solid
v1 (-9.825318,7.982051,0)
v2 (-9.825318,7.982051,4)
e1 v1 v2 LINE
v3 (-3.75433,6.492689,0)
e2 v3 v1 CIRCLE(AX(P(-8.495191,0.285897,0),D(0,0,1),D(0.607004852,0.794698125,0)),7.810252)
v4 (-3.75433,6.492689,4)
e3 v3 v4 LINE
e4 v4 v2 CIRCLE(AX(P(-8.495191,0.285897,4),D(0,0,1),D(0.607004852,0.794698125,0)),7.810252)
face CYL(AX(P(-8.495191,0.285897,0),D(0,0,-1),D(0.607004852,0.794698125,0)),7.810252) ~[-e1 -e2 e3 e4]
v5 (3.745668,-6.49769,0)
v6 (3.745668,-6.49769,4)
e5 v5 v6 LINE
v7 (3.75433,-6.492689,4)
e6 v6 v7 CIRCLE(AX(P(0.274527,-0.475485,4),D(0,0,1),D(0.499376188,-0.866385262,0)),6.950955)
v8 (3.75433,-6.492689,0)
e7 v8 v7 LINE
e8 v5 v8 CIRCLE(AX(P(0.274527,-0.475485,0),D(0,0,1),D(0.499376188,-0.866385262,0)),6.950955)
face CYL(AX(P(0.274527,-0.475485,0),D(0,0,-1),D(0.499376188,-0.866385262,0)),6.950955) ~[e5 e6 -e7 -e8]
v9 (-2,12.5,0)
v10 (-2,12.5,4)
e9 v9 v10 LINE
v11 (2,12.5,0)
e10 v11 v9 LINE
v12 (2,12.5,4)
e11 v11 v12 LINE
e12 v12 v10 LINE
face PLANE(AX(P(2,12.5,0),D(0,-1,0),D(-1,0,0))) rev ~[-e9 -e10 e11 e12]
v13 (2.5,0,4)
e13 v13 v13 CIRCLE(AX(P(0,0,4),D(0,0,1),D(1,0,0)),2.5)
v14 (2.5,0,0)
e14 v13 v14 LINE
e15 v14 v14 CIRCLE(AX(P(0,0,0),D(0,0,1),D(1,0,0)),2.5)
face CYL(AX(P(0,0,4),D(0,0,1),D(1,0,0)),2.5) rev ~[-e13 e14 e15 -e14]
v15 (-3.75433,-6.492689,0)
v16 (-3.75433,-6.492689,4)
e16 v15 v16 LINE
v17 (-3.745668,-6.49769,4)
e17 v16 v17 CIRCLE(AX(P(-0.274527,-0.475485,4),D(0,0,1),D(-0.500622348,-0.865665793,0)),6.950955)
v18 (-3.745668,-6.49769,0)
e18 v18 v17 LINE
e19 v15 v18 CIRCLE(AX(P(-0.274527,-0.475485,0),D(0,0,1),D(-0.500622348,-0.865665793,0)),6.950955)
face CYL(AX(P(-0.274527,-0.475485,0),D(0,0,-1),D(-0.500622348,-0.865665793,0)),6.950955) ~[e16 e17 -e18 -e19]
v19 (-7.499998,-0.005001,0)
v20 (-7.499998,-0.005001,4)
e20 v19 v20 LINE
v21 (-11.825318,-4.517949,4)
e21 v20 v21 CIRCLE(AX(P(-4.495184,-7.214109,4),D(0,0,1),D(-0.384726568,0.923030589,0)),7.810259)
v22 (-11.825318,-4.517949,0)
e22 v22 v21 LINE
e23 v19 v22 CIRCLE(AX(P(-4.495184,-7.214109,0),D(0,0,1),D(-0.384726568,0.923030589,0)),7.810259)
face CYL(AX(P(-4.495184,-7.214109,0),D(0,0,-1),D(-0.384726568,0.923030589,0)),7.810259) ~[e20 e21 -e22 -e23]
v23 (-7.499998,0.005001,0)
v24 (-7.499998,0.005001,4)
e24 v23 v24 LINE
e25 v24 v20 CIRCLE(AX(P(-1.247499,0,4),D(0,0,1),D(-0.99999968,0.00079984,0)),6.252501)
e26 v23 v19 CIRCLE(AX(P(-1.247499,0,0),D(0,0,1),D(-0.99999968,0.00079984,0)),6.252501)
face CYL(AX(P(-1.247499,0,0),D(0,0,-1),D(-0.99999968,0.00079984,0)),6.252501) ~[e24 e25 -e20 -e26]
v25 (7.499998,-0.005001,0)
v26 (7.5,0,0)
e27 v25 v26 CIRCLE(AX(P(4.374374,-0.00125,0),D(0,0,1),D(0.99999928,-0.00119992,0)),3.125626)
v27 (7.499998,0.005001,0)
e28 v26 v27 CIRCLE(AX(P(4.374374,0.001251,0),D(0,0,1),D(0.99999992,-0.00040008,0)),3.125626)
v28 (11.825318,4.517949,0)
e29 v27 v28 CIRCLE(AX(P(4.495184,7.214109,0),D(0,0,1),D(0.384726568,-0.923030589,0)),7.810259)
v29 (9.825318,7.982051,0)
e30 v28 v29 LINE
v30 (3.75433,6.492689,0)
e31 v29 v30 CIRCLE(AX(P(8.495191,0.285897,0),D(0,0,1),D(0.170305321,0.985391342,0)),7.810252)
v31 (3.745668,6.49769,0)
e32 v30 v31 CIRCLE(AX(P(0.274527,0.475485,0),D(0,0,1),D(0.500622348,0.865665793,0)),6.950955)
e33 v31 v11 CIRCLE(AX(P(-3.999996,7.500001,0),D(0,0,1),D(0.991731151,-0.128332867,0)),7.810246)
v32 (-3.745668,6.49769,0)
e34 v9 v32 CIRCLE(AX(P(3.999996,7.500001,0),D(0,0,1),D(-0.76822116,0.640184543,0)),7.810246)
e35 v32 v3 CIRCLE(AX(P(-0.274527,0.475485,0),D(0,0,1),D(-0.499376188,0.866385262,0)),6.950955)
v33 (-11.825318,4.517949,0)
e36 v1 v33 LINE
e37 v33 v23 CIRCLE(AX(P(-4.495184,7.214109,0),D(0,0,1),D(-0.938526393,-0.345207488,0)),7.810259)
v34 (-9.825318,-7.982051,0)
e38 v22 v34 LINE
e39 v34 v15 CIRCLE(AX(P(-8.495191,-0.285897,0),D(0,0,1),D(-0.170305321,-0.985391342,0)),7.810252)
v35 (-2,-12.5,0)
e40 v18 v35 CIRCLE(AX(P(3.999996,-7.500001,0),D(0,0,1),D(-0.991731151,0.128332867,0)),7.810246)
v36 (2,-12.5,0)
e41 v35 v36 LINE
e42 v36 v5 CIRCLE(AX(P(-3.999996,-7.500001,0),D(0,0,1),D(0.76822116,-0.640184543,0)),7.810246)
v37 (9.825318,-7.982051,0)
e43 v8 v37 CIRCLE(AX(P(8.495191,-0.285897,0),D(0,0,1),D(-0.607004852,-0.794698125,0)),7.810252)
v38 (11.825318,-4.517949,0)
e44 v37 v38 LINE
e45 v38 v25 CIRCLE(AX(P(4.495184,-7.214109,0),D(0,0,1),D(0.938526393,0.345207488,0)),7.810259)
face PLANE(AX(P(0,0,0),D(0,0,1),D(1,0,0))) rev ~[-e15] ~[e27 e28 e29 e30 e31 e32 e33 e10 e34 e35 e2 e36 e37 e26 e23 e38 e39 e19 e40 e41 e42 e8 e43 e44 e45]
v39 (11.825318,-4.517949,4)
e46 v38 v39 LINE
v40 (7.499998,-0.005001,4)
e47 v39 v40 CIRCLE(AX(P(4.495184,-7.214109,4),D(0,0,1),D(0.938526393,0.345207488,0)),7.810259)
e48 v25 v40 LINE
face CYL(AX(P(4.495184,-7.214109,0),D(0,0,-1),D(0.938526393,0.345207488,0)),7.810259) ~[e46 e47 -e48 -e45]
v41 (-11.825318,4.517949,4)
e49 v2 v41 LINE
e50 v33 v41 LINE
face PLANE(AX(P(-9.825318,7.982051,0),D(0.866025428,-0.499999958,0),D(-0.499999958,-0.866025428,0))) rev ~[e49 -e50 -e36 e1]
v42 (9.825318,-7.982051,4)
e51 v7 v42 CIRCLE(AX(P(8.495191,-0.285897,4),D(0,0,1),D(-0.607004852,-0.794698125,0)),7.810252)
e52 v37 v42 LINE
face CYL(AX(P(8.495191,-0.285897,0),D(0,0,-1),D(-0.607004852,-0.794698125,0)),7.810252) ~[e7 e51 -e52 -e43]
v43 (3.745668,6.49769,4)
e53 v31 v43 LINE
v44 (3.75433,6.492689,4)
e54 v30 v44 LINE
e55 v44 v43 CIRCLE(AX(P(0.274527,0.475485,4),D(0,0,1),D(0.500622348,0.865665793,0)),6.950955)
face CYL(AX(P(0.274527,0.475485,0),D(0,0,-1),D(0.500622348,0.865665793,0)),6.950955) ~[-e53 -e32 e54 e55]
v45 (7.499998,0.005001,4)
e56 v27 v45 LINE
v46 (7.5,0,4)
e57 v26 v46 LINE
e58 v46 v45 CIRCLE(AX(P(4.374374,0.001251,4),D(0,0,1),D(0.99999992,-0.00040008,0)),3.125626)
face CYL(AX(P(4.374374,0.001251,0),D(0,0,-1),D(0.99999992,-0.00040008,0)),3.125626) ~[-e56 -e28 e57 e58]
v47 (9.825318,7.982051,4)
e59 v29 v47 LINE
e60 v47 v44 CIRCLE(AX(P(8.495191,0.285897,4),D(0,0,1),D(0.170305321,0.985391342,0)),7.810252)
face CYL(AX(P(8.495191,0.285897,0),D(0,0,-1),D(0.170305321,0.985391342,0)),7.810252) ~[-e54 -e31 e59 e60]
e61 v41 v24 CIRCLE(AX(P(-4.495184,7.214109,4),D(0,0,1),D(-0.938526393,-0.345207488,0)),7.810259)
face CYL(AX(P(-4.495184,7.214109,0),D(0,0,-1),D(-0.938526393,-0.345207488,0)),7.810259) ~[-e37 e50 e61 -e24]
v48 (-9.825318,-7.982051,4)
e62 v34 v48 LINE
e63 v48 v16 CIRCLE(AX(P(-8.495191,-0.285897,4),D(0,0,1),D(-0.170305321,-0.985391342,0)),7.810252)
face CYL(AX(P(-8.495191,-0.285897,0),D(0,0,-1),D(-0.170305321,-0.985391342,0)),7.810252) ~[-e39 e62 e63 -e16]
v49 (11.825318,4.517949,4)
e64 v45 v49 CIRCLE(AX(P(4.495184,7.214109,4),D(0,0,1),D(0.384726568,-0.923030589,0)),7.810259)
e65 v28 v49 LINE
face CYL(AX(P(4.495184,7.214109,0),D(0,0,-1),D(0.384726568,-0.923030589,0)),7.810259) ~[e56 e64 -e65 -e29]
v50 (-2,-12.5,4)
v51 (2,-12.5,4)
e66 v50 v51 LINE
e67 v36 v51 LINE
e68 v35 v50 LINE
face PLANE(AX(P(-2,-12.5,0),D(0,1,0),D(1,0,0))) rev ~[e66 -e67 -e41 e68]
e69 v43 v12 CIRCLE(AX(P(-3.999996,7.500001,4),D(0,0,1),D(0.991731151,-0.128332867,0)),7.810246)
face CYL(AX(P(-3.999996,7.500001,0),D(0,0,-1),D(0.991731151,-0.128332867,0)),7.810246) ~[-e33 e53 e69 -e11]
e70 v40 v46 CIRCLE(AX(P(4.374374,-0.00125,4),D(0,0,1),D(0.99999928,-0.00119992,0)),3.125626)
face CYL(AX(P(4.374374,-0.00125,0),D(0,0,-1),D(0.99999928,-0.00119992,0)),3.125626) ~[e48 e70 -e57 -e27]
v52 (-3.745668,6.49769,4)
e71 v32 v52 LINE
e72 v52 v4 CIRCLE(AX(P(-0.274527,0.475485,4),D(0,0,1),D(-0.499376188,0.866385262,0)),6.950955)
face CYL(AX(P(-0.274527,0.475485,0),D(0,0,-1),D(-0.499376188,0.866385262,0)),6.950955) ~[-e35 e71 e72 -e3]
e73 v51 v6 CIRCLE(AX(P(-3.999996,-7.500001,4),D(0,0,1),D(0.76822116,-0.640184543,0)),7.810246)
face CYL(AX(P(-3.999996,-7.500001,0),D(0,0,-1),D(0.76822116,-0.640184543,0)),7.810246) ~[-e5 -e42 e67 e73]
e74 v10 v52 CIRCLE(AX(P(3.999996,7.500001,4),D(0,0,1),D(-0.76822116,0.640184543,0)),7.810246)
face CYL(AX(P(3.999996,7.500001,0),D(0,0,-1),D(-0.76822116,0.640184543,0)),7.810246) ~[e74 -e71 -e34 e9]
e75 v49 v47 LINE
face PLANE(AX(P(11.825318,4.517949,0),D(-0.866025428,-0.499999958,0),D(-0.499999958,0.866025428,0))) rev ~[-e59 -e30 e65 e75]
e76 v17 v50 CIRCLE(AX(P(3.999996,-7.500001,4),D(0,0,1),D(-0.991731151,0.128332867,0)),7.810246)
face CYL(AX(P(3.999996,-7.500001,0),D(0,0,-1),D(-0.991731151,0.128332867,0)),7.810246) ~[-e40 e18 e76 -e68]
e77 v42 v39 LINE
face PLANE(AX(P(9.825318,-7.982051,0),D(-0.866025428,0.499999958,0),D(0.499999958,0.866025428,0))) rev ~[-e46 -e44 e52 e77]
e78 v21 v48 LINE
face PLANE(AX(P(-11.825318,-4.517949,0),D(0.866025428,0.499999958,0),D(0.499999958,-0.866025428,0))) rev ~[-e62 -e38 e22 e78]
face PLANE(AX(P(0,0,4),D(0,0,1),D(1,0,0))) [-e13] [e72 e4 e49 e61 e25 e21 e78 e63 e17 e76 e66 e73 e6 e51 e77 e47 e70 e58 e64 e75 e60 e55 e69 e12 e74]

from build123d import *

# Parameters (mm, degrees)
F1_DEPTH = 4
F2_R     = 2.5
F3_DEPTH = 4.001


with BuildPart() as f1:
    # F0 (on Top) → F1 (new body)
    with BuildSketch(Plane.XY):
        with BuildLine():
            ThreePointArc((7.499998, -0.005001), (7.5, -0.002501), (7.5, 0))
            ThreePointArc((7.5, 0), (7.5, 0.002501), (7.499998, 0.005001))
            ThreePointArc((7.499998, 0.005001), (6.495191, 3.75), (3.75433, 6.492689))
            ThreePointArc((3.75433, 6.492689), (3.75, 6.495191), (3.745668, 6.49769))
            ThreePointArc((3.745668, 6.49769), (0, 7.5), (-3.745668, 6.49769))
            ThreePointArc((-3.745668, 6.49769), (-3.75, 6.495191), (-3.75433, 6.492689))
            ThreePointArc((-3.75433, 6.492689), (-6.495191, 3.75), (-7.499998, 0.005001))
            ThreePointArc((-7.499998, 0.005001), (-7.5, 0), (-7.499998, -0.005001))
            ThreePointArc((-7.499998, -0.005001), (-6.495191, -3.75), (-3.75433, -6.492689))
            ThreePointArc((-3.75433, -6.492689), (-3.75, -6.495191), (-3.745668, -6.49769))
            ThreePointArc((-3.745668, -6.49769), (0, -7.5), (3.745668, -6.49769))
            ThreePointArc((3.745668, -6.49769), (3.75, -6.495191), (3.75433, -6.492689))
            ThreePointArc((3.75433, -6.492689), (6.495191, -3.75), (7.499998, -0.005001))
        make_face()
        with BuildLine():
            ThreePointArc((3.75433, 6.492689), (6.495191, 3.75), (7.499998, 0.005001))
            ThreePointArc((7.499998, 0.005001), (10.133842, 1.809881), (11.825318, 4.517949))
            Line((11.825318, 4.517949), (10.825318, 6.25))
            Line((10.825318, 6.25), (9.825318, 7.982051))
            ThreePointArc((9.825318, 7.982051), (6.634324, 7.871225), (3.75433, 6.492689))
        make_face()
        with BuildLine():
            ThreePointArc((11.825318, -4.517949), (10.133842, -1.809881), (7.499998, -0.005001))
            ThreePointArc((7.499998, -0.005001), (6.495191, -3.75), (3.75433, -6.492689))
            ThreePointArc((3.75433, -6.492689), (6.634324, -7.871225), (9.825318, -7.982051))
            Line((9.825318, -7.982051), (10.825318, -6.25))
            Line((10.825318, -6.25), (11.825318, -4.517949))
        make_face()
        with BuildLine():
            ThreePointArc((-3.745668, 6.49769), (0, 7.5), (3.745668, 6.49769))
            ThreePointArc((3.745668, 6.49769), (3.499519, 9.681105), (2, 12.5))
            Line((2, 12.5), (0, 12.5))
            Line((0, 12.5), (-2, 12.5))
            ThreePointArc((-2, 12.5), (-3.499519, 9.681105), (-3.745668, 6.49769))
        make_face()
        with BuildLine():
            ThreePointArc((2, -12.5), (3.499519, -9.681105), (3.745668, -6.49769))
            ThreePointArc((3.745668, -6.49769), (0, -7.5), (-3.745668, -6.49769))
            ThreePointArc((-3.745668, -6.49769), (-3.499519, -9.681105), (-2, -12.5))
            Line((-2, -12.5), (0, -12.5))
            Line((0, -12.5), (2, -12.5))
        make_face()
        with BuildLine():
            ThreePointArc((-7.499998, 0.005001), (-6.495191, 3.75), (-3.75433, 6.492689))
            ThreePointArc((-3.75433, 6.492689), (-6.634324, 7.871225), (-9.825318, 7.982051))
            Line((-9.825318, 7.982051), (-10.825318, 6.25))
            Line((-10.825318, 6.25), (-11.825318, 4.517949))
            ThreePointArc((-11.825318, 4.517949), (-10.133842, 1.809881), (-7.499998, 0.005001))
        make_face()
        with BuildLine():
            ThreePointArc((-9.825318, -7.982051), (-6.634324, -7.871225), (-3.75433, -6.492689))
            ThreePointArc((-3.75433, -6.492689), (-6.495191, -3.75), (-7.499998, -0.005001))
            ThreePointArc((-7.499998, -0.005001), (-10.133842, -1.809881), (-11.825318, -4.517949))
            Line((-11.825318, -4.517949), (-10.825318, -6.25))
            Line((-10.825318, -6.25), (-9.825318, -7.982051))
        make_face()
    extrude(amount=F1_DEPTH)

    # F2 (on face) → F3 (cut, through all)
    with BuildSketch(Plane.XY.offset(4)):
        Circle(F2_R)
    extrude(amount=-F3_DEPTH, mode=Mode.SUBTRACT)


solid = f1.part
